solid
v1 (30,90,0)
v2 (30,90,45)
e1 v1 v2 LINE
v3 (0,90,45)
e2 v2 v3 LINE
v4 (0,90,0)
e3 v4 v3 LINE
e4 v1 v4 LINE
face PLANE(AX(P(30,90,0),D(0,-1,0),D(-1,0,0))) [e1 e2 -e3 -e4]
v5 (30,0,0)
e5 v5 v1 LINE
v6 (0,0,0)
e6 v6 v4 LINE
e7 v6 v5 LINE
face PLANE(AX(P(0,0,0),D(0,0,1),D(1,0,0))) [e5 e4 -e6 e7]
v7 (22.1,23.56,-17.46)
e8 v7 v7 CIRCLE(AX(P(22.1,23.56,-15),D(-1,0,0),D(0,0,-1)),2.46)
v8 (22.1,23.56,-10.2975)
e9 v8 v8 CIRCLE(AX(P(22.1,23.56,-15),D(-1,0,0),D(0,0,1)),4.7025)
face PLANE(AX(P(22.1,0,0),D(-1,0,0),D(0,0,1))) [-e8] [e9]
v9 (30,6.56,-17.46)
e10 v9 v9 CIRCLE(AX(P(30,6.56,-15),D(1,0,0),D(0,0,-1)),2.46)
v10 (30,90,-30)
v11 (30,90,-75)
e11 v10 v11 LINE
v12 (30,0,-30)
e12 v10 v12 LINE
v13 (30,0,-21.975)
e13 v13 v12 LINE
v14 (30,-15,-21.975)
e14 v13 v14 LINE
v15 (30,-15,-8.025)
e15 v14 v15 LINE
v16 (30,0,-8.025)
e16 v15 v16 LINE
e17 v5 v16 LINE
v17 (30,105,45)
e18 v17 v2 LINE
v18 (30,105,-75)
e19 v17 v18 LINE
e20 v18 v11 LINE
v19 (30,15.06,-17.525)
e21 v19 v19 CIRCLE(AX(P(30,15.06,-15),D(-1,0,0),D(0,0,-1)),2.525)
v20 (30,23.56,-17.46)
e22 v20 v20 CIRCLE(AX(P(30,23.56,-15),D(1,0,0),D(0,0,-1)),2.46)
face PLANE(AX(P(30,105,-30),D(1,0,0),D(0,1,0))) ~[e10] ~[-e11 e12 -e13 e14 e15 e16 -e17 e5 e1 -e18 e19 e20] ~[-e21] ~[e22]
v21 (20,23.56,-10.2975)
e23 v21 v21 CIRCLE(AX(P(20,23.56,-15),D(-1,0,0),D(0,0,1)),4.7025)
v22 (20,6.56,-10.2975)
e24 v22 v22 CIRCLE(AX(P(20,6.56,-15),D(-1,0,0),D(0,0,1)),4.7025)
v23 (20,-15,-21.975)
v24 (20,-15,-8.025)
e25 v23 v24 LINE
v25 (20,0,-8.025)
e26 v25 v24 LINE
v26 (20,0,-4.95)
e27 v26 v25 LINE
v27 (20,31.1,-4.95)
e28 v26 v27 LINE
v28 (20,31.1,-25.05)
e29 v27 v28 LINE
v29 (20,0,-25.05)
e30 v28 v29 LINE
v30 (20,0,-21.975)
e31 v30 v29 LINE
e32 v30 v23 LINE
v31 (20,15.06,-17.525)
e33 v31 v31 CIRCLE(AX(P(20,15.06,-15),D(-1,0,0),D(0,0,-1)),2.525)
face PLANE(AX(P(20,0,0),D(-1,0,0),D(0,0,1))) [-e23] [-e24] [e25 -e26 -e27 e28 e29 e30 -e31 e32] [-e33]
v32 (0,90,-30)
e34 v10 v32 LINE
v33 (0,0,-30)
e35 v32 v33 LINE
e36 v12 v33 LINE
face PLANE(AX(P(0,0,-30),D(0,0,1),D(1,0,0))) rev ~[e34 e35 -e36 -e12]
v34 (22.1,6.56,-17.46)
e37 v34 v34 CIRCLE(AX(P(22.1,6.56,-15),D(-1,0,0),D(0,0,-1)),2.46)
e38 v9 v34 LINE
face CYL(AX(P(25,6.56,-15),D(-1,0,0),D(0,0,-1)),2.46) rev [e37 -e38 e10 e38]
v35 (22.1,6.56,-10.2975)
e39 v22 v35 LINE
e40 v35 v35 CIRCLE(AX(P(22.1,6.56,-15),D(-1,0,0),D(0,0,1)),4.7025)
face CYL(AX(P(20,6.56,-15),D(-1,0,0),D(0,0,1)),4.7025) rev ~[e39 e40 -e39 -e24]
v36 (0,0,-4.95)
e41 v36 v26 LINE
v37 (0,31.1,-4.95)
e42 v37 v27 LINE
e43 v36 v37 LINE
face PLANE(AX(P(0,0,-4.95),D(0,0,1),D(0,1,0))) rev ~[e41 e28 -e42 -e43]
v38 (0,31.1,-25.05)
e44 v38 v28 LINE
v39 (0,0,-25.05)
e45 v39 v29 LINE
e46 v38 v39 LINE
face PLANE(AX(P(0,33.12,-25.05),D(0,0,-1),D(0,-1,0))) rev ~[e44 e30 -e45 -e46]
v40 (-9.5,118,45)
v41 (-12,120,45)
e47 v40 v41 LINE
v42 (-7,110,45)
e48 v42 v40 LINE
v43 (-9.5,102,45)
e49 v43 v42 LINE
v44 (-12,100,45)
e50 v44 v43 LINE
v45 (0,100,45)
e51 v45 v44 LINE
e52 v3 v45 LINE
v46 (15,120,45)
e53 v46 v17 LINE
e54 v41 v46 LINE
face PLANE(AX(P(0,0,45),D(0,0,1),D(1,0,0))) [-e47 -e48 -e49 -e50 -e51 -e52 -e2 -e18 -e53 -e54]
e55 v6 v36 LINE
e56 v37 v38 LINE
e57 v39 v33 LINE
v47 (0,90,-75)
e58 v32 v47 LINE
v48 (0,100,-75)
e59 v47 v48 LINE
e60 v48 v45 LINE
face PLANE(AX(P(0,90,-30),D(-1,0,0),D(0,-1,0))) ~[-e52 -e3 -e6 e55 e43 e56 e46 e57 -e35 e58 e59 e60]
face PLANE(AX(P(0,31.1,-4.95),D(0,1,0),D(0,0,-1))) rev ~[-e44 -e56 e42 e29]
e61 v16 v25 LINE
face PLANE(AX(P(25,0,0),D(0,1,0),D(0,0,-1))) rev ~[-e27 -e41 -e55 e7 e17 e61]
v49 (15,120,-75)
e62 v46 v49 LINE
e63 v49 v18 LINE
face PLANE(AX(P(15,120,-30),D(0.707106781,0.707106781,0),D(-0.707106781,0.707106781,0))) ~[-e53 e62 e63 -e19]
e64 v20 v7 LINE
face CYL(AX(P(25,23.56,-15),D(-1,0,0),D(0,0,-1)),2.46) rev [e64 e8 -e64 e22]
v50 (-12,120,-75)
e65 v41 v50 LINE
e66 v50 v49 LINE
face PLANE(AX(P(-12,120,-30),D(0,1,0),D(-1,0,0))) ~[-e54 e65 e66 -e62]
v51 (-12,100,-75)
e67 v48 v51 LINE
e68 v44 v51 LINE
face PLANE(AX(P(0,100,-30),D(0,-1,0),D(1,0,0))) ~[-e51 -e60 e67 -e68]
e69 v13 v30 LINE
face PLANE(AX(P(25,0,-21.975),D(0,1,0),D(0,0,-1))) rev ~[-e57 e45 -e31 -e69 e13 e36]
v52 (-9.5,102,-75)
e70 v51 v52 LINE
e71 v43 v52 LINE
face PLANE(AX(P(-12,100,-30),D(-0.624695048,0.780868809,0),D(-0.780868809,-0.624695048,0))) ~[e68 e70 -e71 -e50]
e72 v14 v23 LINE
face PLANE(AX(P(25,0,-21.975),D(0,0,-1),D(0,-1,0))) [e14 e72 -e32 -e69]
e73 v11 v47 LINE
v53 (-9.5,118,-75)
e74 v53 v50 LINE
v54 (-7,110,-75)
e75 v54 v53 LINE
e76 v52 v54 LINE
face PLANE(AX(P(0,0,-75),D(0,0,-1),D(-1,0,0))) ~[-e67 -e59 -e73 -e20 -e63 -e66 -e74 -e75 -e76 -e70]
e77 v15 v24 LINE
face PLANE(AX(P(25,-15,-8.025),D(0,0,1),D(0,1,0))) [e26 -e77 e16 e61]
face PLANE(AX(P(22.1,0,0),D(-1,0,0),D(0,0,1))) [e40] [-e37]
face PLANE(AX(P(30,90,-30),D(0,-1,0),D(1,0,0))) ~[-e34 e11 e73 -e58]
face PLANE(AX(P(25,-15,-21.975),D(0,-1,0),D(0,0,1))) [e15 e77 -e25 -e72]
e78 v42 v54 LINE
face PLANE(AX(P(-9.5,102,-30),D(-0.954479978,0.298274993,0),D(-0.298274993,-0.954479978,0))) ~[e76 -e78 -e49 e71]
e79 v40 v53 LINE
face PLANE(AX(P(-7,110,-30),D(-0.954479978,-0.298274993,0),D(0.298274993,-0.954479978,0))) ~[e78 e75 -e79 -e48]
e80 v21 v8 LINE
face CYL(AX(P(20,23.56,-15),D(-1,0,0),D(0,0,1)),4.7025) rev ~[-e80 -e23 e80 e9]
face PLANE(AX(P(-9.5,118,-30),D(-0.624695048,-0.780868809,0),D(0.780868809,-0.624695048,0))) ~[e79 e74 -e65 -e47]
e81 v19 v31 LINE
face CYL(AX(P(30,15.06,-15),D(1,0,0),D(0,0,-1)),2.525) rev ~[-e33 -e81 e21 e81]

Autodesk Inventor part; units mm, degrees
ref_plane "YZ Plane" through (0, 0, 0) normal (1, 0, 0) x (0, 1, 0)
ref_plane "XZ Plane" through (0, 0, 0) normal (0, 1, 0) x (-1, 0, 0)
sketch "Sketch1" plane through (0, 0, 0) normal (0, 0, 1) x (1, 0, 0)
  line L0 (0, 0) -> (25, 0)
  line L1 (25, 0) -> (25, 40)
  line L2 (25, 40) -> (0, 40)
  line L3 (0, 40) -> (0, 0)
  dimension "d1" = 25
  dimension "d2" = 40
  dimension "d3" = 25
extrude "Extrusion1" add sketch "Sketch1" against normal blind 30
sketch "Sketch2" plane through (25, 0, 0) normal (1, 0, 0) x (0, 0, -1)
  line L0 (0, 0) -> (30, 0) projected
  circle A0 centre (15, 6.56) radius 2.46
extrude "Extrusion2" cut sketch "Sketch2" against normal blind 30
sketch "Sketch3" plane through (0, 0, 0) normal (-1, 0, 0) x (0, 0, 1)
  line L0 (0, 0) -> (-30, 0) projected
  line L1 (-25.05, 0) -> (-4.95, 0)
  line L2 (-4.95, 0) -> (-4.95, 33.12)
  line L3 (-4.95, 33.12) -> (-25.05, 33.12)
  line L4 (-25.05, 33.12) -> (-25.05, 0)
  dimension "d11" = 20.1
extrude "Extrusion3" cut sketch "Sketch3" against normal blind 20
sketch "Sketch4" plane through (0, 0, 0) normal (0, -1, 0) x (1, 0, 0)
  line L0 (20, -4.95) -> (20, -25.05) projected
  line L1 (20, -15) -> (25, -15)
  line L2 (25, 0) -> (25, -30) projected
  line L3 (20, -8.025) -> (25, -8.025)
  line L4 (25, -8.025) -> (25, -21.975)
  line L5 (25, -21.975) -> (20, -21.975)
  line L6 (20, -21.975) -> (20, -8.025)
  line L7 (20, -8.025) -> (25, -21.975) construction
  line L8 (25, -8.025) -> (20, -21.975) construction
  line L9 (25, -12.54) -> (25, -17.46) projected
  point P0 (0, 0)
  point P1 (22.5, -15)
  dimension "d14" = 13.95
extrude "Extrusion4" add sketch "Sketch4" along normal blind 15
sketch "Sketch5" plane through (20, 0, 0) normal (-1, 0, 0) x (0, 0, 1)
  circle A0 centre (-15, 6.56) radius 2.46 projected
  circle A1 centre (-15, 6.56) radius 4.7025
  circle A2 centre (-15, 6.56) radius 2.46 projected
  circle A3 centre (-15, 6.56) radius 2.46
  point P0 (0, 0)
  dimension "d17" = 9.405
extrude "Extrusion5" cut sketch "Sketch5" against normal blind 2.1
sketch "Sketch6" plane through (25, 0, 0) normal (1, 0, 0) x (0, 0, -1)
  circle A0 centre (15, 6.56) radius 4.7025 projected
  line L0 (15, 6.56) -> (15, 23.56)
  circle A1 centre (15, 23.56) radius 2.46
  point P0 (0, 0)
  dimension "d20" = 17
  dimension "d21" = 4.92
extrude "Extrusion6" cut sketch "Sketch6" against normal blind 10 contours A1
sketch "Sketch7" plane through (20, 0, 0) normal (-1, 0, 0) x (0, 0, 1)
  circle A0 centre (-15, 23.56) radius 2.46 projected
  circle A1 centre (-15, 23.56) radius 4.7025
  point P0 (0, 0)
  dimension "d24" = 9.405
extrude "Extrusion7" cut sketch "Sketch7" against normal blind 2.1
sketch "Sketch9" plane through (25, 0, 0) normal (1, 0, 0) x (0, 0, -1)
  circle A0 centre (15, 6.56) radius 2.46 projected
  circle A1 centre (15, 6.56) radius 2.46
  circle A2 centre (15, 23.56) radius 2.46 projected
  circle A3 centre (15, 23.56) radius 2.46
  line L0 (30, 40) -> (30, 0) projected
  line L1 (30, 0) -> (30, 40)
  line L2 (30, 40) -> (0, 40)
  line L3 (0, 40) -> (0, 0)
  line L4 (0, 0) -> (8.025, 0) projected
  line L5 (21.975, 0) -> (21.975, -15)
  line L6 (21.975, -15) -> (8.025, -15)
  line L7 (8.025, -15) -> (8.025, 0)
  line L8 (0, 0) -> (8.025, 0)
  line L9 (21.975, 0) -> (30, 0)
extrude "Extrusion8" add sketch "Sketch9" along normal blind 5
sketch "Sketch10" plane through (0, 40, 0) normal (0, 1, 0) x (1, 0, 0)
  line L0 (0, 30) -> (30, 30) projected
  line L1 (30, 0) -> (0, 0) projected
  line L2 (0, 30) -> (30, 30)
  line L3 (30, 30) -> (30, 0)
  line L4 (30, 0) -> (0, 0)
  line L5 (0, 0) -> (0, 30)
extrude "Extrusion9" add sketch "Sketch10" along normal blind 30
sketch "Sketch12" plane through (30, 0, 0) normal (1, 0, 0) x (0, 0, -1)
  circle A0 centre (15, 6.56) radius 2.46 projected
  line L0 (15, 6.56) -> (15, 15.06)
  circle A1 centre (15, 15.06) radius 2.525
  point P0 (0, 0)
  dimension "d31" = 8.5
  dimension "d33" = 5.05
extrude "Extrusion10" cut sketch "Sketch12" against normal blind 30 contours A1
sketch "Sketch14" plane through (0, 0, 0) normal (0, 0, 1) x (1, 0, 0)
  line L0 (30, 70) -> (0, 70) projected
  line L1 (0, 70) -> (0, 85)
  line L2 (30, 0) -> (30, 70) projected
  line L3 (30, 100) -> (30, 70)
  line L4 (-12, 120) -> (15, 120)
  line L5 (-9.5, 118) -> (-7, 110)
  line L6 (-9.5, 118) -> (-12, 120)
  line L7 (-9.5, 102) -> (-7, 110)
  line L8 (-9.5, 102) -> (-12, 100)
  line L9 (30, 105) -> (15, 120)
  line L10 (30, 105) -> (30, 100)
  line L11 (0, 85) -> (0, 100)
  line L12 (0, 100) -> (-12, 100)
  point P0 (0, 0)
  dimension "d60" = 20
  dimension "d64" = 12
extrude "Extrusion12" add sketch "Sketch14" against normal blind 30
sketch "Sketch15" plane through (0, 0, -25.05) normal (-1, 0, 0) x (0, 0, 1)
  line L0 (0, 33.12) -> (20.1, 33.12) projected
  line L1 (20.1, 33.12) -> (20.1, 0) projected
  line L2 (0, 33.12) -> (20.1, 33.12)
  line L3 (20.1, 33.12) -> (20.1, 31.1)
  line L4 (20.1, 31.1) -> (0, 31.1)
  line L5 (0, 31.1) -> (0, 33.12)
  point P0 (25.05, 0)
  dimension "d57" = 2.02
extrude "Extrusion13" add sketch "Sketch15" against normal blind 20
sketch "Sketch20" plane through (0, 0, 0) normal (0, 0, 1) x (1, 0, 0)
  line L0 (0, 100) -> (-12, 100) projected
  line L1 (0, 100) -> (-12, 100)
  line L2 (-12, 100) -> (-9.5, 102) projected
  line L3 (-12, 100) -> (-9.5, 102)
  line L4 (-9.5, 102) -> (-7, 110) projected
  line L5 (-9.5, 102) -> (-7, 110)
  line L6 (-7, 110) -> (-9.5, 118) projected
  line L7 (-7, 110) -> (-9.5, 118)
  line L8 (-9.5, 118) -> (-12, 120) projected
  line L9 (-9.5, 118) -> (-12, 120)
  line L10 (-12, 120) -> (15, 120) projected
  line L11 (-12, 120) -> (15, 120)
  line L12 (15, 120) -> (30, 105) projected
  line L13 (15, 120) -> (30, 105)
  line L14 (30, 105) -> (30, 90)
  line L15 (30, 0) -> (30, 105) projected
  line L16 (30, 90) -> (0, 90)
  line L17 (0, 90) -> (0, 100)
  point P0 (0, 0)
  dimension "d65" = 15
  dimension "d66" = 30
extrude "Extrusion14" add sketch "Sketch20" along normal blind 45
ref_plane "Work Plane1" through (0, 0, -15) normal (0, 0, 1) x (1, 0, 0)
mirror "Mirror1" about plane through (0, 0, -15) normal (0, 0, 1) of "Extrusion14"
properties part number "rec_b_16mm_x_120mm"
